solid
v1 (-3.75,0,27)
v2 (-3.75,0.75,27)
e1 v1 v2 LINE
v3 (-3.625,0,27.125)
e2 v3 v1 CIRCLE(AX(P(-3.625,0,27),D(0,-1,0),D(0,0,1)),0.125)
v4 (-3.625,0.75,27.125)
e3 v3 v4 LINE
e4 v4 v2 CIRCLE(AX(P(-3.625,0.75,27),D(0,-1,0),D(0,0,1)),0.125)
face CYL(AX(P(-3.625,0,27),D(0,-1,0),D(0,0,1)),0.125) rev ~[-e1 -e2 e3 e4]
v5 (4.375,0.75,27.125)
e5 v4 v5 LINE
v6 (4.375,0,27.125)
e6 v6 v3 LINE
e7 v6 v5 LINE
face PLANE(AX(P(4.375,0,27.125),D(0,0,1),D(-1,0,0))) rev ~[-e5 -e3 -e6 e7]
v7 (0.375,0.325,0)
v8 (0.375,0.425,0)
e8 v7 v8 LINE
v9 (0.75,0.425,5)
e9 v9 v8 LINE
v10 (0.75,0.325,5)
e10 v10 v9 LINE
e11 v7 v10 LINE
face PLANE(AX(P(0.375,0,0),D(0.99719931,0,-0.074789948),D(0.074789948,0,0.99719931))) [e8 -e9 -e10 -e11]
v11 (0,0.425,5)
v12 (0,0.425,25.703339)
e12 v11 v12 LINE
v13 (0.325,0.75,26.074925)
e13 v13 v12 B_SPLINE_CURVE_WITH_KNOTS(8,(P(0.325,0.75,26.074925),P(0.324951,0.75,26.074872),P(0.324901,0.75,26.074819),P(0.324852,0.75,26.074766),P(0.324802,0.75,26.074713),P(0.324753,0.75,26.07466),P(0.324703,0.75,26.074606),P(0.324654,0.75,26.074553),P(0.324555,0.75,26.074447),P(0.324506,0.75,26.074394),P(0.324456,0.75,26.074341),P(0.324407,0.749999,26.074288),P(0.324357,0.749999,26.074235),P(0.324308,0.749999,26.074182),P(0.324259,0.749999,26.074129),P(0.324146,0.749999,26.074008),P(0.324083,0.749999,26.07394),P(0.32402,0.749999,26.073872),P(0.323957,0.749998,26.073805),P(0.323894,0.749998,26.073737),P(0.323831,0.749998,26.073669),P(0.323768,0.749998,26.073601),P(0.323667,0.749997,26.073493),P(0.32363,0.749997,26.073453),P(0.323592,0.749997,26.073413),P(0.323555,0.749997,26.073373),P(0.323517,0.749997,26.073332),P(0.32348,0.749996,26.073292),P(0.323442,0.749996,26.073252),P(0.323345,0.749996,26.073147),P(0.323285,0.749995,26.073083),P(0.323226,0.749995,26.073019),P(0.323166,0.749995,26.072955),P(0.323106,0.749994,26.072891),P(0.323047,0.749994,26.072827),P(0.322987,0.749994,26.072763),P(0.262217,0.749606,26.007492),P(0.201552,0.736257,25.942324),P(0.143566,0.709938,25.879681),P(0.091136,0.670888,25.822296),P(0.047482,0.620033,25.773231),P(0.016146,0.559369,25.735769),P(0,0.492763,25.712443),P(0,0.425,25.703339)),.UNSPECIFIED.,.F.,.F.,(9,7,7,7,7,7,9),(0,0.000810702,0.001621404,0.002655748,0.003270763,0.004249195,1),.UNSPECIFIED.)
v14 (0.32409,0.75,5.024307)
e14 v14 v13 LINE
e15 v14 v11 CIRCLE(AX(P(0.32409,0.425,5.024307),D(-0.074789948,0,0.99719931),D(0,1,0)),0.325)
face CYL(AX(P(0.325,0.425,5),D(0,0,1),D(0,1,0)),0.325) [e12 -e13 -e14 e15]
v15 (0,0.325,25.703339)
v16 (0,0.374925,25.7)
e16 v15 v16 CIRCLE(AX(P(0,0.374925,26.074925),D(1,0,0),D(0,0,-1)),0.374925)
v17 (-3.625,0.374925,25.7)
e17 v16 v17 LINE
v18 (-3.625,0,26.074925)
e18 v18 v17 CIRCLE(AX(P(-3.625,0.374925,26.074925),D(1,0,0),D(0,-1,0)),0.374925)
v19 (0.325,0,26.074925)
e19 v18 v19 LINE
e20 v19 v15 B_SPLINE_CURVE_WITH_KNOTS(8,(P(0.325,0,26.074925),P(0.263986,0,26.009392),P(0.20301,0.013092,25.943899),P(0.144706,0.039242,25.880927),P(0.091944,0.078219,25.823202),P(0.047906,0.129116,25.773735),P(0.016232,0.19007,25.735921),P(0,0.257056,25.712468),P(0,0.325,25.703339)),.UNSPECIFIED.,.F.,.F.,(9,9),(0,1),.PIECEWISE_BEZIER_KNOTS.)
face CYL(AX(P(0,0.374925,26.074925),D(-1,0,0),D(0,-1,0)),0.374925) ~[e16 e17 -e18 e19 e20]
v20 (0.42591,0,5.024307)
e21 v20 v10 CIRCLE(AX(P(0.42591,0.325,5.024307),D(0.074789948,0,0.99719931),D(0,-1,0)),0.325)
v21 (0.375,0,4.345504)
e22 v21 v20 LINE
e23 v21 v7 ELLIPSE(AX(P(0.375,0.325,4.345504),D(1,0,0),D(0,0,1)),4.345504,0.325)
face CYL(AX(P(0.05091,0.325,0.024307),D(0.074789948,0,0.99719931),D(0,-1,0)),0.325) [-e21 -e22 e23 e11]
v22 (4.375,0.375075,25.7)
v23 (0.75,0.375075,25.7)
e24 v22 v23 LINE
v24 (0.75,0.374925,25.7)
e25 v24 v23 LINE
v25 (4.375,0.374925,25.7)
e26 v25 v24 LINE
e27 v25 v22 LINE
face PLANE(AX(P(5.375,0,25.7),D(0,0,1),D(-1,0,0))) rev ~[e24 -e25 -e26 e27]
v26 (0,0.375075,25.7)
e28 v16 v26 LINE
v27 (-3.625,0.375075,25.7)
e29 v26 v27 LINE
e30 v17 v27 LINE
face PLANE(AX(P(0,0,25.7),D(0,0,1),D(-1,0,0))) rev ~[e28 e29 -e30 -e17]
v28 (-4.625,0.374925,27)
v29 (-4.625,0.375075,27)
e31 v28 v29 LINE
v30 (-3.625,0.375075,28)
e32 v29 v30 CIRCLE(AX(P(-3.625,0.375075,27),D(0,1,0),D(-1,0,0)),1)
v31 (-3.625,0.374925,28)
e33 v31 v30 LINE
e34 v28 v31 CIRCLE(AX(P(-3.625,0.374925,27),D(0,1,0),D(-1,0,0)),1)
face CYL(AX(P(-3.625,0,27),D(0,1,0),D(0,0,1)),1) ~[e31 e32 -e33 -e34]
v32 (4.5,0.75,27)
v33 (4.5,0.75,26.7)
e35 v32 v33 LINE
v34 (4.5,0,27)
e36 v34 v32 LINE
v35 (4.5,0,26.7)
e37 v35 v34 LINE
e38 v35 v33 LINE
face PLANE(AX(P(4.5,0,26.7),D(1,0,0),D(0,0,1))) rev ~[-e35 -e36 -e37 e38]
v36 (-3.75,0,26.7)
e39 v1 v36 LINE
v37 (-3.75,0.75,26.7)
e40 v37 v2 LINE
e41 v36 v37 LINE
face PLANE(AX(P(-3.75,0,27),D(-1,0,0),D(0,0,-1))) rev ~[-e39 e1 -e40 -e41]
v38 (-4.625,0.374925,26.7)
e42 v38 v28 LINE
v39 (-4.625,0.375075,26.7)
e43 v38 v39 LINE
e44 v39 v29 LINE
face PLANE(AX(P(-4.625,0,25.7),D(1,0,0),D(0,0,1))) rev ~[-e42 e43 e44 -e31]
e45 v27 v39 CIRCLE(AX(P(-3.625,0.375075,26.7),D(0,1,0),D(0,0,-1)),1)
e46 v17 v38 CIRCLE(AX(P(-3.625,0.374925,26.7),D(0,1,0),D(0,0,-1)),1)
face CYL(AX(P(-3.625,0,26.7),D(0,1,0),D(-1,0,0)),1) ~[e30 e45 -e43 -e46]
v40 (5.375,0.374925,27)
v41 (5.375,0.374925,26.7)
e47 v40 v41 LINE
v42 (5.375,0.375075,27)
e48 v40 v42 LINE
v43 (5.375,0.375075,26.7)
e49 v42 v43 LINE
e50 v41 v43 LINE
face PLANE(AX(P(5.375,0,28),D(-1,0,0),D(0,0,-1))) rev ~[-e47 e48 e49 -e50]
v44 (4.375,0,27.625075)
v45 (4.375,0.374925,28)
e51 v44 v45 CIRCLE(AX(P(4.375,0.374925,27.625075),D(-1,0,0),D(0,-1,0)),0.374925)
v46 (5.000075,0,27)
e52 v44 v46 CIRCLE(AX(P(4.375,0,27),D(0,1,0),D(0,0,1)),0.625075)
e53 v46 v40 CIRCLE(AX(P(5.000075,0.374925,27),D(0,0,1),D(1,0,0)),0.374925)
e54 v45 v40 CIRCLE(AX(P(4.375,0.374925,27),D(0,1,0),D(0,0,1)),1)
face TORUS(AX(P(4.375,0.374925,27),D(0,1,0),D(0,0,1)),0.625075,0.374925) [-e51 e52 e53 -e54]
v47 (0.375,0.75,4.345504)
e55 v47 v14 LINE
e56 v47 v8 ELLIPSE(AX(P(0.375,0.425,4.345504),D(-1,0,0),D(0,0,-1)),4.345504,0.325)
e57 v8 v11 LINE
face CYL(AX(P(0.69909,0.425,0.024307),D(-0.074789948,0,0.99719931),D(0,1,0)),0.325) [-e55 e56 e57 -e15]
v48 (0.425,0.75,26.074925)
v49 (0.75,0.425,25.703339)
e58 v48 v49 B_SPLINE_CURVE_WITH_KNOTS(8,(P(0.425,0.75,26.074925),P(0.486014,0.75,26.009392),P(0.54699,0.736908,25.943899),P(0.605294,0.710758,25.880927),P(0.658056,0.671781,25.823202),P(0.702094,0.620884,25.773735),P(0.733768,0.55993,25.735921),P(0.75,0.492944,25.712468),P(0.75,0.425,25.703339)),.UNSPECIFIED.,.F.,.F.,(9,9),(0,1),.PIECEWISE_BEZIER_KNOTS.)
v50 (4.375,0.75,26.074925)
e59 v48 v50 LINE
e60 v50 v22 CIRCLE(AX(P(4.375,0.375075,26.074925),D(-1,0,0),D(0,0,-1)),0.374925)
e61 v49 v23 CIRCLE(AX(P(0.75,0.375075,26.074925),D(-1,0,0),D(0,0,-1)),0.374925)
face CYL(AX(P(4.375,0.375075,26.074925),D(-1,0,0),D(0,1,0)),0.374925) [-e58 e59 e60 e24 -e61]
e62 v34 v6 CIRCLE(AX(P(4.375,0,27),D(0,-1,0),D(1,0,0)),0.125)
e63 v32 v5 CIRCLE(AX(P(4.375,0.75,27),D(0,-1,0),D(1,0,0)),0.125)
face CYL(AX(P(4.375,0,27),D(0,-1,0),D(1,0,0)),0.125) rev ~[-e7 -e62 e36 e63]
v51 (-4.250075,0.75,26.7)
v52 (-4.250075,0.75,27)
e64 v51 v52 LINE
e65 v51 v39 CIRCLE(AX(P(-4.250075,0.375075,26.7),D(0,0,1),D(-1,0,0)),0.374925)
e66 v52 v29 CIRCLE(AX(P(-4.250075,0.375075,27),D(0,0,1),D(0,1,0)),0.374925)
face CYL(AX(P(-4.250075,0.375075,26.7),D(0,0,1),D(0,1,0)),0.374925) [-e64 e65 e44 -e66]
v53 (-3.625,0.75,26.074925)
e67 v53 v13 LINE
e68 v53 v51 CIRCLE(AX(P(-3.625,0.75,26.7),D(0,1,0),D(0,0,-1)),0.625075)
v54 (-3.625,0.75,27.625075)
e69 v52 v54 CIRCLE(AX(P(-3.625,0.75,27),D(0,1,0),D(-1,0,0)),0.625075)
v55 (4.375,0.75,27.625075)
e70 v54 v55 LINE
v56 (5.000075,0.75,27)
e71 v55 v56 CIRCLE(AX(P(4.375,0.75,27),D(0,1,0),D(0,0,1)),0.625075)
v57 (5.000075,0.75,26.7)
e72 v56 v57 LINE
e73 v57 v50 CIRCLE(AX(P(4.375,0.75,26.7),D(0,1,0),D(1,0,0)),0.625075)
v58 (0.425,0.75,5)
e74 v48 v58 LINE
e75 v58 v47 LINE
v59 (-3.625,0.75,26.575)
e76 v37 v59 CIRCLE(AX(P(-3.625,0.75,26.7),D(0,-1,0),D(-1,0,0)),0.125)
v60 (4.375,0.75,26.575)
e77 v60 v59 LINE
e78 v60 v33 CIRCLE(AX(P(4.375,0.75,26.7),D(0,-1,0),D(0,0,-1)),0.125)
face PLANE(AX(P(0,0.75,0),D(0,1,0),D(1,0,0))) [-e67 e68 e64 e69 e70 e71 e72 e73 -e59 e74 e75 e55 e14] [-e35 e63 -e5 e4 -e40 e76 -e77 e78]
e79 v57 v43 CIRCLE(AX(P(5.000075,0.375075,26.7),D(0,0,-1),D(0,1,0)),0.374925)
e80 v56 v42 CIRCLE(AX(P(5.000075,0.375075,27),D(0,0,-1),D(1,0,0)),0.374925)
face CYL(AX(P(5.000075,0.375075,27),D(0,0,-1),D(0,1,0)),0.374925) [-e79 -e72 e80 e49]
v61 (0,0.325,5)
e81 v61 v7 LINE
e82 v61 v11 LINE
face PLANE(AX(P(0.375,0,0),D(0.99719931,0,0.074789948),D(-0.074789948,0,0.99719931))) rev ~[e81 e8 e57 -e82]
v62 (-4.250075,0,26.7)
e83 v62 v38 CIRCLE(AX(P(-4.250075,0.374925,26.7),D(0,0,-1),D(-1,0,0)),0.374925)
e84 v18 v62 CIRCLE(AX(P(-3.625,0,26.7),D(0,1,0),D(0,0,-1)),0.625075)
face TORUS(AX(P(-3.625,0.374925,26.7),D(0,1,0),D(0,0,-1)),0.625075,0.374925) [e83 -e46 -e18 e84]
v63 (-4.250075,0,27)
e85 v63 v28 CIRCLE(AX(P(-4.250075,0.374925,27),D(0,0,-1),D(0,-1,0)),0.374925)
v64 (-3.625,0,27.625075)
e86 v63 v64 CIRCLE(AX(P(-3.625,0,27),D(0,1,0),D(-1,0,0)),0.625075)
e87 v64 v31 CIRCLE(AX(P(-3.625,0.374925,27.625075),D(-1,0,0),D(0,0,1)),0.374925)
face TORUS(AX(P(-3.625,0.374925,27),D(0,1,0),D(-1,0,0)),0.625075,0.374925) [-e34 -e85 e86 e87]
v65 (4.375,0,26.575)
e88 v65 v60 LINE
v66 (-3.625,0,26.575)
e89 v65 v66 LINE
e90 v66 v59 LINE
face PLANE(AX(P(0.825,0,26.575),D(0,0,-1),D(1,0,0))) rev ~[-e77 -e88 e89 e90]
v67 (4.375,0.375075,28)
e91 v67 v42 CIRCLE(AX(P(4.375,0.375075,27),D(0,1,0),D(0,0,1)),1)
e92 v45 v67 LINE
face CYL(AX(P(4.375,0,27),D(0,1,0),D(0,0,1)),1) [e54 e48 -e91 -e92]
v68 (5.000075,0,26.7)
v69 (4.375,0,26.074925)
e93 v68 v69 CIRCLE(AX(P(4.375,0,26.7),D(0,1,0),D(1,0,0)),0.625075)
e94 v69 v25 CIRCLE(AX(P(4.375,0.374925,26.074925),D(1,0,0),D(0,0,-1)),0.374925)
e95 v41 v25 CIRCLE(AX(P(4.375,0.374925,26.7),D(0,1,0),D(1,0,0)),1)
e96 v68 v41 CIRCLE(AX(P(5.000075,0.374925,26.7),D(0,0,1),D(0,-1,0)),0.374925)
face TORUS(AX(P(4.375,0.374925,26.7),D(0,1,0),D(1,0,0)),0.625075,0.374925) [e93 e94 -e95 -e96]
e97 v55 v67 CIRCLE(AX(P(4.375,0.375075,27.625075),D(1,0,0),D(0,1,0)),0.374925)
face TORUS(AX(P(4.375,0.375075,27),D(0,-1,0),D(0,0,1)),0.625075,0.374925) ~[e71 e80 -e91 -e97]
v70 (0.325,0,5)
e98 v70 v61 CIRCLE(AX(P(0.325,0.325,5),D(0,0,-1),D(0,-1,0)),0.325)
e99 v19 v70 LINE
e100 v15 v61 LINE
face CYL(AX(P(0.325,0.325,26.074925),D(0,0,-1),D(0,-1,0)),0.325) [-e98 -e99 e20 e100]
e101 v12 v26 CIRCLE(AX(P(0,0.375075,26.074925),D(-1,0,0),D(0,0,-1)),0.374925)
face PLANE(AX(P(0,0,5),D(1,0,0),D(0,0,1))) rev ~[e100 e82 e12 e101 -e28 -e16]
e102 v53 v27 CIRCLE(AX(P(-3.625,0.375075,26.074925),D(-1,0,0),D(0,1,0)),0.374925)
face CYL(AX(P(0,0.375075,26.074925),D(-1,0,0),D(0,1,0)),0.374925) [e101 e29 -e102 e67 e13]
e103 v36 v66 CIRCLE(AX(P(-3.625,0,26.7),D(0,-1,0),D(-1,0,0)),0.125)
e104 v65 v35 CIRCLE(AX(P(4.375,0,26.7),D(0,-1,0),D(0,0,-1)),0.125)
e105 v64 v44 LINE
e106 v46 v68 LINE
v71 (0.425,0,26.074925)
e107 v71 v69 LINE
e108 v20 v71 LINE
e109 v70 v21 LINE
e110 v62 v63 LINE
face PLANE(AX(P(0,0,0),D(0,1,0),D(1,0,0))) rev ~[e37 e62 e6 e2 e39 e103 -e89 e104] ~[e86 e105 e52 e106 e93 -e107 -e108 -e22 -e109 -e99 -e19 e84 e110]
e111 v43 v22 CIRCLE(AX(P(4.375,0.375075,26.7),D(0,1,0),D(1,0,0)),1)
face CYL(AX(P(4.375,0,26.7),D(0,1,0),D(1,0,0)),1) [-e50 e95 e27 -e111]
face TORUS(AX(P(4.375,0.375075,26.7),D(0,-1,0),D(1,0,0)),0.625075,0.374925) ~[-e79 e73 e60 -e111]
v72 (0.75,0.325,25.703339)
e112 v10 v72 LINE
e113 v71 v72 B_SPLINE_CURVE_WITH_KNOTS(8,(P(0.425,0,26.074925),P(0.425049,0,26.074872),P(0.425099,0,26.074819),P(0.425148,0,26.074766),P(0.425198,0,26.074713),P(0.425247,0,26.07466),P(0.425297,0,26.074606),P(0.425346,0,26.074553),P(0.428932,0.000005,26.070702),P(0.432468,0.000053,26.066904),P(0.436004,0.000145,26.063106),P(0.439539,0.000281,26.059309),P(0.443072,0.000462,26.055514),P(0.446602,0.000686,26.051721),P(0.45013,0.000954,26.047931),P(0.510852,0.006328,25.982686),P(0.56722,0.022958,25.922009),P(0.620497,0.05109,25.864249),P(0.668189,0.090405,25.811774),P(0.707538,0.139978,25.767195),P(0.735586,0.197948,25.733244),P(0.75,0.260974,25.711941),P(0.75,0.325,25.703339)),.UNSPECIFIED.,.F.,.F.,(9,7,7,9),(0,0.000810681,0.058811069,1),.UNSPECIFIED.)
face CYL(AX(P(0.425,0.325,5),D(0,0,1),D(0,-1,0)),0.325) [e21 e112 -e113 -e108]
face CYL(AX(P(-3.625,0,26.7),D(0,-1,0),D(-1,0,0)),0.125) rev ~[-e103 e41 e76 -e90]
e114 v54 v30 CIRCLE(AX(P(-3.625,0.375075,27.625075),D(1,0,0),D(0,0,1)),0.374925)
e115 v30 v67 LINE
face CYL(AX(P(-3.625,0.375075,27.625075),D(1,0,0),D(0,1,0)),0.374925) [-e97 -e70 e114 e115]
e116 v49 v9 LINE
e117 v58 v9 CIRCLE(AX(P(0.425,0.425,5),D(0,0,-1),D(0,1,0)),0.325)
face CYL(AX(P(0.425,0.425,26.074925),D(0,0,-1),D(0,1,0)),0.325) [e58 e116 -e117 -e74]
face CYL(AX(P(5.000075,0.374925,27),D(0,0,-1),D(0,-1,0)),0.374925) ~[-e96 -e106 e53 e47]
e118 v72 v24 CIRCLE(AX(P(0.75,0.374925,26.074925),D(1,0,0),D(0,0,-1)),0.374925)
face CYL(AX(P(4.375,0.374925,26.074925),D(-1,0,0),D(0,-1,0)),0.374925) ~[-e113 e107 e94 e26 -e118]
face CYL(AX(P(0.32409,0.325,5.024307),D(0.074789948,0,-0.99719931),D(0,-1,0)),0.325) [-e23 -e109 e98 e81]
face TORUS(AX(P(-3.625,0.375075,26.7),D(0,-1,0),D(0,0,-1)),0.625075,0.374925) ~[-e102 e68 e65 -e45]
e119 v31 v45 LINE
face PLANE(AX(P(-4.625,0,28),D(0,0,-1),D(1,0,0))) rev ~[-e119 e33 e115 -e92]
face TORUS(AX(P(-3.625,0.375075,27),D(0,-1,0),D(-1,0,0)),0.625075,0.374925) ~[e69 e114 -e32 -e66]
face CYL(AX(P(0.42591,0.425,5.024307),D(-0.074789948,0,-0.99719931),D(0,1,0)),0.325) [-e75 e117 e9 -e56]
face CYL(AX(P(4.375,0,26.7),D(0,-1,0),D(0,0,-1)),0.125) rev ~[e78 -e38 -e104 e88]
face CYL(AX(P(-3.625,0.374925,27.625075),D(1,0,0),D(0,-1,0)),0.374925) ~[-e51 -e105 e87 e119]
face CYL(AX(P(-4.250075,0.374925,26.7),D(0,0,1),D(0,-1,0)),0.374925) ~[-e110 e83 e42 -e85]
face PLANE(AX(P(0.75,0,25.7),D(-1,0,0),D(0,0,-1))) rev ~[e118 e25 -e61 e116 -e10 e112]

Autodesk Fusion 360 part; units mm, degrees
sketch "草图1" plane through (0, 0, 0) normal (0, 1, 0) x (1, 0, 0)
  line L0 (0, 0) -> (0, -25.7)
  line L1 (0, -25.7) -> (-4.625, -25.7)
  line L2 (-4.625, -25.7) -> (-4.625, -28)
  line L3 (-4.625, -28) -> (5.375, -28)
  line L4 (5.375, -28) -> (5.375, -25.7)
  line L5 (5.375, -25.7) -> (0.75, -25.7)
  line L6 (0.75, -25.7) -> (0.75, 0)
  line L7 (0.75, 0) -> (0, 0)
  line L8 (0.375, -28) -> (0.375, 0)
  line L9 (0.375, 0) -> (0.375, -0.4348)
  line L10 (0.375, 0) -> (0.75, -5)
  line L11 (0.375, 0) -> (0, -5)
  line L12 (0.75, -5) -> (0, -5)
  dimension "d1" = 2.3
  dimension "d2" = 0.75
  dimension "d3" = 5
  dimension "d4" = 28
  dimension "d5" = 10
extrude "拉伸1" add sketch "草图1" along normal blind 0.75 contours L0 L1 L2 L3 L8 L12 | L8 L9 L11 L12 | L8 L9 L10 L12 | L3 L4 L5 L6 L8 L12
fillet "圆角1" radius 1 4 edges at (5.375, 0.375, 28) (5.375, 0.375, 25.7) (-4.625, 0.375, 25.7) (-4.625, 0.375, 28)
fillet "圆角2" radius 0.375 18 edges at (-1.8125, 0, 25.7) (-4.3321, 0, 25.9929) (-4.625, 0, 26.85) (-4.3321, 0, 27.7071) (0.375, 0, 28) (5.0821, 0, 27.7071) (5.375, 0, 26.85) (5.0821, 0, 25.9929) (2.5625, 0, 25.7) (-1.8125, 0.75, 25.7) (-4.3321, 0.75, 25.9929) (-4.625, 0.75, 26.85) (-4.3321, 0.75, 27.7071) (0.375, 0.75, 28) (5.0821, 0.75, 27.7071) (5.375, 0.75, 26.85) (5.0821, 0.75, 25.9929) (2.5625, 0.75, 25.7)
fillet "圆角3" radius 0.325 8 edges at (0.75, 0, 15.5375) (0.75, 0.75, 15.5375) (0, 0.75, 15.5375) (0, 0, 15.5375) (0.5625, 0, 2.5) (0.5625, 0.75, 2.5) (0.1875, 0, 2.5) (0.1875, 0.75, 2.5)
sketch "草图2" plane through (0, 0, 0) normal (0, -1, 0) x (1, 0, 0)
  line L0 (0.425, 26.075) -> (4.375, 26.075)
  arc A0 (4.375, 26.075) -> (5, 26.7) centre (4.375, 26.7) ccw
  line L1 (5, 26.7) -> (5, 27)
  arc A1 (5, 27) -> (4.375, 27.625) centre (4.375, 27) ccw
  line L2 (4.375, 27.625) -> (-3.625, 27.625)
  arc A2 (-3.625, 27.625) -> (-4.25, 27) centre (-3.625, 27) ccw
  line L3 (-4.25, 27) -> (-4.25, 26.7)
  arc A3 (-4.25, 26.7) -> (-3.625, 26.075) centre (-3.625, 26.7) ccw
  line L4 (-3.625, 26.075) -> (0.325, 26.075)
  line L5 (0.325, 26.075) -> (0.325, 5.0122)
  line L6 (0.325, 5.0122) -> (0.375, 4.3455)
  line L7 (0.375, 4.3455) -> (0.425, 5.0122)
  line L8 (0.425, 5.0122) -> (0.425, 26.075)
  line L9 (-3.75, 27) -> (-3.75, 26.7)
  arc A4 (-3.75, 26.7) -> (-3.625, 26.575) centre (-3.625, 26.7) ccw
  line L10 (-3.625, 26.575) -> (-0.075, 26.575)
  line L11 (-0.075, 26.575) -> (0.825, 26.575)
  line L12 (0.825, 26.575) -> (4.375, 26.575)
  arc A5 (4.375, 26.575) -> (4.5, 26.7) centre (4.375, 26.7) ccw
  line L13 (4.5, 26.7) -> (4.5, 27)
  arc A6 (4.5, 27) -> (4.375, 27.125) centre (4.375, 27) ccw
  line L14 (4.375, 27.125) -> (-3.625, 27.125)
  arc A7 (-3.625, 27.125) -> (-3.75, 27) centre (-3.625, 27) ccw
  dimension "d14" = -0.5
extrude "拉伸2" cut sketch "草图2" against normal blind 3 contours L9 A4 L10 L11 L12 A5 L13 A6 L14 A7
equation "d11 = ( 0.75 / 2 ) * 1 mm"
